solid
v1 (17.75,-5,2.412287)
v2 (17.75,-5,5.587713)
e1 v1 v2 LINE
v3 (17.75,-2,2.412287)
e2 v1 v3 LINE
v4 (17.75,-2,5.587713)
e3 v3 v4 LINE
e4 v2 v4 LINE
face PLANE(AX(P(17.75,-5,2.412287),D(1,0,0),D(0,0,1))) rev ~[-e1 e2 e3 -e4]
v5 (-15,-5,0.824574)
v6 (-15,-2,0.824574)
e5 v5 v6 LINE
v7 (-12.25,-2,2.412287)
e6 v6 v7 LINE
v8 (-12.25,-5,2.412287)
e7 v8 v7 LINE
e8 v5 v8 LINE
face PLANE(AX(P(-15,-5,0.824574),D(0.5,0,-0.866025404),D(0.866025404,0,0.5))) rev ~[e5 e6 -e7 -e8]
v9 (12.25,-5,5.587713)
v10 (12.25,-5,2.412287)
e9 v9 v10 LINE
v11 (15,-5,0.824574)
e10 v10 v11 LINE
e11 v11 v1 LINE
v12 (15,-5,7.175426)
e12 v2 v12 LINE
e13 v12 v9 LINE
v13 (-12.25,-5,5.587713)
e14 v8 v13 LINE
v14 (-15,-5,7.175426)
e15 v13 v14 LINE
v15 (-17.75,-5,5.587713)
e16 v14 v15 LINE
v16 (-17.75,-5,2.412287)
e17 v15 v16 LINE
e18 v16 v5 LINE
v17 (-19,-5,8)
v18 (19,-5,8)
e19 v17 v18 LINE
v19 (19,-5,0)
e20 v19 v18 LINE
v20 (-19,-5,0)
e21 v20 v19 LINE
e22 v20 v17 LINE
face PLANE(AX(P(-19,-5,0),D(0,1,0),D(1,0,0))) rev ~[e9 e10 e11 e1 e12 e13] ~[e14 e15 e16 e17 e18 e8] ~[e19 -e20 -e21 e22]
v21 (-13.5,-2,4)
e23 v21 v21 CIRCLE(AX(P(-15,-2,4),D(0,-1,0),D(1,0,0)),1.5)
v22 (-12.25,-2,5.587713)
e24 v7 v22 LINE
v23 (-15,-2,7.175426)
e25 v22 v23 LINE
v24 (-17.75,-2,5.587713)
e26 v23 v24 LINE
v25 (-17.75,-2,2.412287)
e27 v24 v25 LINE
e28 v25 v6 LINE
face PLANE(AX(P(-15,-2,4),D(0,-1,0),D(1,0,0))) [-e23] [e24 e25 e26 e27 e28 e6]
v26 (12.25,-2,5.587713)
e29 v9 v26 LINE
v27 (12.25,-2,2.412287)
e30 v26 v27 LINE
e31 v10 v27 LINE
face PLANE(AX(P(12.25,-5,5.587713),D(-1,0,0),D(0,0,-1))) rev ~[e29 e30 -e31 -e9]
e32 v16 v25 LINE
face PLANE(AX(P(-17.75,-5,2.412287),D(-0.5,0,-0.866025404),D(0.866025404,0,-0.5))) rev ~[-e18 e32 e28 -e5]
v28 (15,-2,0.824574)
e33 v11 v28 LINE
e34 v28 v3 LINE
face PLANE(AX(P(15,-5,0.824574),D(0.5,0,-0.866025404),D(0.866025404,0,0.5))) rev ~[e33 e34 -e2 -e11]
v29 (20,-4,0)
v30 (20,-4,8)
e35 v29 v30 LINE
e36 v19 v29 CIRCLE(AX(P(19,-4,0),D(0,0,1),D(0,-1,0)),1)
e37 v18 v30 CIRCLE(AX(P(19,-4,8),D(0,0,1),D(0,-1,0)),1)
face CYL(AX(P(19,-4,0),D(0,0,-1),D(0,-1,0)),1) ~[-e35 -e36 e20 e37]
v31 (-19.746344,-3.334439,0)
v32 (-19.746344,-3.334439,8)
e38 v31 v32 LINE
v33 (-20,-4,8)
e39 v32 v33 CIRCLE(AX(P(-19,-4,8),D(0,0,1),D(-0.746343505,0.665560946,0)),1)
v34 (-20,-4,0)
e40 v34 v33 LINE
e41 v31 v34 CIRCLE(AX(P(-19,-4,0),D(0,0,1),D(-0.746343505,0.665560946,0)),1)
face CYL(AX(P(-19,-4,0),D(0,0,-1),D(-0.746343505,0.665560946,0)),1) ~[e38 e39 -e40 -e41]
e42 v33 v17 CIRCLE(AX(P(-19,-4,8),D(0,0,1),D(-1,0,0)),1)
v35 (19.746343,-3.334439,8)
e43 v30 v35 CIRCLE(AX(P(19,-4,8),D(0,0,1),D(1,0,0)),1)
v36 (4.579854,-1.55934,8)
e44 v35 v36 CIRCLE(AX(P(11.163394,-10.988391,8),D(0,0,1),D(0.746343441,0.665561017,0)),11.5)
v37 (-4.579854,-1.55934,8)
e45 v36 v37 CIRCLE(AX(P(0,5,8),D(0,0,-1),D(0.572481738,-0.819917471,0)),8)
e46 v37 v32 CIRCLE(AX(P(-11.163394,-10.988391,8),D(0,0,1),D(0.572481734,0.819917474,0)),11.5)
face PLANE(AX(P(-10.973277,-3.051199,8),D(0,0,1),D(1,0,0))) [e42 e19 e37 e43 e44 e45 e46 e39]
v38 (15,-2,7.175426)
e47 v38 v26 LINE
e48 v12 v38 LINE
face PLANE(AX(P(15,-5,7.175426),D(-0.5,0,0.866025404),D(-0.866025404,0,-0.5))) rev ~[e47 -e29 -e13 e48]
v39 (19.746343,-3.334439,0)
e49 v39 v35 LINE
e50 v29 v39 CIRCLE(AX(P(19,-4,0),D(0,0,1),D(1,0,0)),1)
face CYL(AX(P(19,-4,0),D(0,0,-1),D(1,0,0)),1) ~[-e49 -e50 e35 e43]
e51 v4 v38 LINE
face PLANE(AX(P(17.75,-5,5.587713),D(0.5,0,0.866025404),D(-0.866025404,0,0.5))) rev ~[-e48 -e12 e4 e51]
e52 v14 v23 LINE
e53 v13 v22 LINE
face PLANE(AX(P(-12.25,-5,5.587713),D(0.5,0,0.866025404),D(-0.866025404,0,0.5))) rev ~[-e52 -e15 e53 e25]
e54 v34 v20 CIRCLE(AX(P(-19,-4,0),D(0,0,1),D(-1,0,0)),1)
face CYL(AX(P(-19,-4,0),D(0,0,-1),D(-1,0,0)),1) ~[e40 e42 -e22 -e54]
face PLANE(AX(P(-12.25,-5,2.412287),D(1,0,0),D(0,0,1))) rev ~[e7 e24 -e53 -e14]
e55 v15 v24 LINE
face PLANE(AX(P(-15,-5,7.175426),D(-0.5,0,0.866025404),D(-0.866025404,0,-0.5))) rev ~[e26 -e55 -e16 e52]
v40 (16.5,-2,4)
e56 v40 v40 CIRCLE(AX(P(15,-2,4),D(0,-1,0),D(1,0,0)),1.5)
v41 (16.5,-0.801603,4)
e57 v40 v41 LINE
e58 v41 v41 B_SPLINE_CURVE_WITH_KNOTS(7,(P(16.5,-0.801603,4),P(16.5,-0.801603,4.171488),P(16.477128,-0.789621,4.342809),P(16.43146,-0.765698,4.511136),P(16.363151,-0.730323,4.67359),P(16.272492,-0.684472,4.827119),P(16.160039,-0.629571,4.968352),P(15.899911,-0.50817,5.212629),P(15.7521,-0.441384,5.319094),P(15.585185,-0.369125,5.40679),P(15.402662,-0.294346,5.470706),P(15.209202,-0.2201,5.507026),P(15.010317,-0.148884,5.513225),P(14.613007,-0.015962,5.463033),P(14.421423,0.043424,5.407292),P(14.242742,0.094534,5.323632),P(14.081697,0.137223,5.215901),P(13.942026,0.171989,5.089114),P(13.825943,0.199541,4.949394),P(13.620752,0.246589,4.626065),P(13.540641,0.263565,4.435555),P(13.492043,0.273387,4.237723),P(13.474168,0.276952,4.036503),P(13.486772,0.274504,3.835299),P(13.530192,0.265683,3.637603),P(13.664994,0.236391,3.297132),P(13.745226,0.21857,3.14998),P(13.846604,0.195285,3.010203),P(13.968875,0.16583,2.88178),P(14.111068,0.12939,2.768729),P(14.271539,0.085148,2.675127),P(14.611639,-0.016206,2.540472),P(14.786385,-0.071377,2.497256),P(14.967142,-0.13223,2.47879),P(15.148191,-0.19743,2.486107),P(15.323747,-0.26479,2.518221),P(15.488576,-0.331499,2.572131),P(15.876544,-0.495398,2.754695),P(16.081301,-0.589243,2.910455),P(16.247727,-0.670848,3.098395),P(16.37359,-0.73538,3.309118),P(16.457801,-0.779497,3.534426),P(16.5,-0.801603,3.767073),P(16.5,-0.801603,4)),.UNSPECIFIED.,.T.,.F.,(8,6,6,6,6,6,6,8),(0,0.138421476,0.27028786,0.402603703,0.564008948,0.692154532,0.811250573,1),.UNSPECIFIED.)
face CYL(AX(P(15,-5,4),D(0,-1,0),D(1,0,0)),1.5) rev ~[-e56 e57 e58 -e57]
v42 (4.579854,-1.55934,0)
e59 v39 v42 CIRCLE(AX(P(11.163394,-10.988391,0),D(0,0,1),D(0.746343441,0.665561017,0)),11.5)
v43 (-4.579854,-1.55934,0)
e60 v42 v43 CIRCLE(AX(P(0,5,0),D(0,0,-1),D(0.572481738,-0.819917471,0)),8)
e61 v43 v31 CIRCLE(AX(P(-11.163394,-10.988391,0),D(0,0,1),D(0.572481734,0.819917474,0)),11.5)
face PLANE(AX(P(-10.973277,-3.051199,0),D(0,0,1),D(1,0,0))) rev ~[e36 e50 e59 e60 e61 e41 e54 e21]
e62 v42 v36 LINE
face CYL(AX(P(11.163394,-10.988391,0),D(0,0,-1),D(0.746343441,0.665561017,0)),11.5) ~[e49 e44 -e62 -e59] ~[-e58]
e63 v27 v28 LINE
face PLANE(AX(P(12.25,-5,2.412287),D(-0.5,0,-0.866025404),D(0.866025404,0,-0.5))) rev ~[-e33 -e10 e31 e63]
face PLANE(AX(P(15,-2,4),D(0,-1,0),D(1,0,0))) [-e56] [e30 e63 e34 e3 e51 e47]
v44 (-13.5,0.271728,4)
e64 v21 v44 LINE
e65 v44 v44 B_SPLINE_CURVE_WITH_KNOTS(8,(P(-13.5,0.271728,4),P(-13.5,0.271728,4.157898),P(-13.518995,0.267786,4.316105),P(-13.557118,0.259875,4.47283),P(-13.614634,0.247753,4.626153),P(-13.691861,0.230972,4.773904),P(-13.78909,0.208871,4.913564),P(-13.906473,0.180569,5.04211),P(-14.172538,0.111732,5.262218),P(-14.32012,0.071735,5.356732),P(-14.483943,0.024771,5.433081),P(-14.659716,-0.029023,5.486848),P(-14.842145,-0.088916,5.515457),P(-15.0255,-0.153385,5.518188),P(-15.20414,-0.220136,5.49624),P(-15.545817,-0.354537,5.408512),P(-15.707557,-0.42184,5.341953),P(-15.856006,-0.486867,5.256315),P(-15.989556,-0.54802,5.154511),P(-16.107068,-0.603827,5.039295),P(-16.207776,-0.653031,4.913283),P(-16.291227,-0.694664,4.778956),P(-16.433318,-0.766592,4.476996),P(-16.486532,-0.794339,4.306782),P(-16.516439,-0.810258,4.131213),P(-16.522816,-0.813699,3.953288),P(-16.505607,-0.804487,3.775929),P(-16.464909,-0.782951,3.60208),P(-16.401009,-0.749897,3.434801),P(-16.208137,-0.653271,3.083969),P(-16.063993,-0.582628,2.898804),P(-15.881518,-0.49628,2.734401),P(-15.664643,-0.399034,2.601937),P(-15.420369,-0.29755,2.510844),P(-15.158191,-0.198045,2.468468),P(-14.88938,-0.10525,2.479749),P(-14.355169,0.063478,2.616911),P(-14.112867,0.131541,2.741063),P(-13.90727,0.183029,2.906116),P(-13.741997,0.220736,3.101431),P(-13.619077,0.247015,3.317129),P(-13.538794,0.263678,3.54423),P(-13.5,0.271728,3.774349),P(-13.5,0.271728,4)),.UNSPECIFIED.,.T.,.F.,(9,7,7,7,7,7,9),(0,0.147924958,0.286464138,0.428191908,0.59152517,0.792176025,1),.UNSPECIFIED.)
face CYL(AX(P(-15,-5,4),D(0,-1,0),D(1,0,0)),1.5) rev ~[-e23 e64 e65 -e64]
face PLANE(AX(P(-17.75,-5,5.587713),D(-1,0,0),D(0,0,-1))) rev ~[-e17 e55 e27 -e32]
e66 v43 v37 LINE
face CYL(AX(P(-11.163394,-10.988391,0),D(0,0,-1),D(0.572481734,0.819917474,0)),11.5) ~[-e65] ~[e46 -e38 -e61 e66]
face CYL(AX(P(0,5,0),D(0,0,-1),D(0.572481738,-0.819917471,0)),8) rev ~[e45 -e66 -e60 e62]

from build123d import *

# Parameters (mm, degrees)
F1_DEPTH = 8
F2_R     = 1.5
F3_DEPTH = 25
F5_DEPTH = 3


with BuildPart() as f1:
    # F0 (on Top) → F1 (new body)
    with BuildSketch(Plane.XY):
        with BuildLine():
            ThreePointArc((-1.3455948979, -5), (-2.7842223612, -3.1118759439), (-4.5798539423, -1.5593397432))
            ThreePointArc((-4.5798539423, -1.5593397432), (-12.5002387345, 0.4336426528), (-19.7463435047, -3.3344390538))
            ThreePointArc((-19.7463435047, -3.3344390538), (-18.6438704622, -3.0655634038), (-18, -4))
            ThreePointArc((-18, -4), (-18.2928932188, -4.7071067812), (-19, -5))
            Line((-19, -5), (-1.3455948979, -5))
        make_face()
        with BuildLine():
            ThreePointArc((-18, -4), (-18.6438704622, -3.0655634038), (-19.7463435047, -3.3344390538))
            ThreePointArc((-19.7463435047, -3.3344390538), (-19.9344365962, -3.6438704622), (-20, -4))
            ThreePointArc((-20, -4), (-19.7071067812, -4.7071067812), (-19, -5))
            ThreePointArc((-19, -5), (-18.2928932188, -4.7071067812), (-18, -4))
        make_face()
        with BuildLine():
            ThreePointArc((1.3455948979, -5), (2.7842223453, -3.1118759608), (4.5798539043, -1.5593397698))
            ThreePointArc((4.5798539043, -1.5593397698), (-2.32e-08, -3), (-4.5798539423, -1.5593397432))
            ThreePointArc((-4.5798539423, -1.5593397432), (-2.7842223612, -3.1118759439), (-1.3455948979, -5))
            Line((-1.3455948979, -5), (1.3455948979, -5))
        make_face()
        with BuildLine():
            ThreePointArc((19.7463434531, -3.3344389961), (12.5002386731, 0.43364266), (4.5798539043, -1.5593397698))
            ThreePointArc((4.5798539043, -1.5593397698), (2.7842223453, -3.1118759608), (1.3455948979, -5))
            Line((1.3455948979, -5), (19, -5))
            ThreePointArc((19, -5), (18.0874319193, -3.5910751927), (19.7463434531, -3.3344389961))
        make_face()
        with BuildLine():
            ThreePointArc((19, -5), (19.7071067812, -4.7071067812), (20, -4))
            ThreePointArc((20, -4), (19.9344365824, -3.6438704261), (19.7463434531, -3.3344389961))
            ThreePointArc((19.7463434531, -3.3344389961), (18.0874319193, -3.5910751927), (19, -5))
        make_face()
    extrude(amount=F1_DEPTH)

    # F2 (on face) → F3 (cut)
    with BuildSketch(Plane.XZ.offset(5)):
        with Locations((-15, 4)):
            Circle(F2_R)
        with Locations((15, 4)):
            Circle(F2_R)
    extrude(amount=-F3_DEPTH, mode=Mode.SUBTRACT)

    # F4 (on face) → F5 (cut)
    with BuildSketch(Plane.XZ.offset(5)):
        Polygon((-12.25, 2.4122867597), (-12.25, 5.5877132403), (-15, 7.1754264805), (-17.75, 5.5877132403), (-17.75, 2.4122867597), (-15, 0.8245735195), align=None)
        Polygon((12.25, 5.5877132403), (12.25, 2.4122867597), (15, 0.8245735195), (17.75, 2.4122867597), (17.75, 5.5877132403), (15, 7.1754264805), align=None)
    extrude(amount=-F5_DEPTH, mode=Mode.SUBTRACT)


solid = f1.part
